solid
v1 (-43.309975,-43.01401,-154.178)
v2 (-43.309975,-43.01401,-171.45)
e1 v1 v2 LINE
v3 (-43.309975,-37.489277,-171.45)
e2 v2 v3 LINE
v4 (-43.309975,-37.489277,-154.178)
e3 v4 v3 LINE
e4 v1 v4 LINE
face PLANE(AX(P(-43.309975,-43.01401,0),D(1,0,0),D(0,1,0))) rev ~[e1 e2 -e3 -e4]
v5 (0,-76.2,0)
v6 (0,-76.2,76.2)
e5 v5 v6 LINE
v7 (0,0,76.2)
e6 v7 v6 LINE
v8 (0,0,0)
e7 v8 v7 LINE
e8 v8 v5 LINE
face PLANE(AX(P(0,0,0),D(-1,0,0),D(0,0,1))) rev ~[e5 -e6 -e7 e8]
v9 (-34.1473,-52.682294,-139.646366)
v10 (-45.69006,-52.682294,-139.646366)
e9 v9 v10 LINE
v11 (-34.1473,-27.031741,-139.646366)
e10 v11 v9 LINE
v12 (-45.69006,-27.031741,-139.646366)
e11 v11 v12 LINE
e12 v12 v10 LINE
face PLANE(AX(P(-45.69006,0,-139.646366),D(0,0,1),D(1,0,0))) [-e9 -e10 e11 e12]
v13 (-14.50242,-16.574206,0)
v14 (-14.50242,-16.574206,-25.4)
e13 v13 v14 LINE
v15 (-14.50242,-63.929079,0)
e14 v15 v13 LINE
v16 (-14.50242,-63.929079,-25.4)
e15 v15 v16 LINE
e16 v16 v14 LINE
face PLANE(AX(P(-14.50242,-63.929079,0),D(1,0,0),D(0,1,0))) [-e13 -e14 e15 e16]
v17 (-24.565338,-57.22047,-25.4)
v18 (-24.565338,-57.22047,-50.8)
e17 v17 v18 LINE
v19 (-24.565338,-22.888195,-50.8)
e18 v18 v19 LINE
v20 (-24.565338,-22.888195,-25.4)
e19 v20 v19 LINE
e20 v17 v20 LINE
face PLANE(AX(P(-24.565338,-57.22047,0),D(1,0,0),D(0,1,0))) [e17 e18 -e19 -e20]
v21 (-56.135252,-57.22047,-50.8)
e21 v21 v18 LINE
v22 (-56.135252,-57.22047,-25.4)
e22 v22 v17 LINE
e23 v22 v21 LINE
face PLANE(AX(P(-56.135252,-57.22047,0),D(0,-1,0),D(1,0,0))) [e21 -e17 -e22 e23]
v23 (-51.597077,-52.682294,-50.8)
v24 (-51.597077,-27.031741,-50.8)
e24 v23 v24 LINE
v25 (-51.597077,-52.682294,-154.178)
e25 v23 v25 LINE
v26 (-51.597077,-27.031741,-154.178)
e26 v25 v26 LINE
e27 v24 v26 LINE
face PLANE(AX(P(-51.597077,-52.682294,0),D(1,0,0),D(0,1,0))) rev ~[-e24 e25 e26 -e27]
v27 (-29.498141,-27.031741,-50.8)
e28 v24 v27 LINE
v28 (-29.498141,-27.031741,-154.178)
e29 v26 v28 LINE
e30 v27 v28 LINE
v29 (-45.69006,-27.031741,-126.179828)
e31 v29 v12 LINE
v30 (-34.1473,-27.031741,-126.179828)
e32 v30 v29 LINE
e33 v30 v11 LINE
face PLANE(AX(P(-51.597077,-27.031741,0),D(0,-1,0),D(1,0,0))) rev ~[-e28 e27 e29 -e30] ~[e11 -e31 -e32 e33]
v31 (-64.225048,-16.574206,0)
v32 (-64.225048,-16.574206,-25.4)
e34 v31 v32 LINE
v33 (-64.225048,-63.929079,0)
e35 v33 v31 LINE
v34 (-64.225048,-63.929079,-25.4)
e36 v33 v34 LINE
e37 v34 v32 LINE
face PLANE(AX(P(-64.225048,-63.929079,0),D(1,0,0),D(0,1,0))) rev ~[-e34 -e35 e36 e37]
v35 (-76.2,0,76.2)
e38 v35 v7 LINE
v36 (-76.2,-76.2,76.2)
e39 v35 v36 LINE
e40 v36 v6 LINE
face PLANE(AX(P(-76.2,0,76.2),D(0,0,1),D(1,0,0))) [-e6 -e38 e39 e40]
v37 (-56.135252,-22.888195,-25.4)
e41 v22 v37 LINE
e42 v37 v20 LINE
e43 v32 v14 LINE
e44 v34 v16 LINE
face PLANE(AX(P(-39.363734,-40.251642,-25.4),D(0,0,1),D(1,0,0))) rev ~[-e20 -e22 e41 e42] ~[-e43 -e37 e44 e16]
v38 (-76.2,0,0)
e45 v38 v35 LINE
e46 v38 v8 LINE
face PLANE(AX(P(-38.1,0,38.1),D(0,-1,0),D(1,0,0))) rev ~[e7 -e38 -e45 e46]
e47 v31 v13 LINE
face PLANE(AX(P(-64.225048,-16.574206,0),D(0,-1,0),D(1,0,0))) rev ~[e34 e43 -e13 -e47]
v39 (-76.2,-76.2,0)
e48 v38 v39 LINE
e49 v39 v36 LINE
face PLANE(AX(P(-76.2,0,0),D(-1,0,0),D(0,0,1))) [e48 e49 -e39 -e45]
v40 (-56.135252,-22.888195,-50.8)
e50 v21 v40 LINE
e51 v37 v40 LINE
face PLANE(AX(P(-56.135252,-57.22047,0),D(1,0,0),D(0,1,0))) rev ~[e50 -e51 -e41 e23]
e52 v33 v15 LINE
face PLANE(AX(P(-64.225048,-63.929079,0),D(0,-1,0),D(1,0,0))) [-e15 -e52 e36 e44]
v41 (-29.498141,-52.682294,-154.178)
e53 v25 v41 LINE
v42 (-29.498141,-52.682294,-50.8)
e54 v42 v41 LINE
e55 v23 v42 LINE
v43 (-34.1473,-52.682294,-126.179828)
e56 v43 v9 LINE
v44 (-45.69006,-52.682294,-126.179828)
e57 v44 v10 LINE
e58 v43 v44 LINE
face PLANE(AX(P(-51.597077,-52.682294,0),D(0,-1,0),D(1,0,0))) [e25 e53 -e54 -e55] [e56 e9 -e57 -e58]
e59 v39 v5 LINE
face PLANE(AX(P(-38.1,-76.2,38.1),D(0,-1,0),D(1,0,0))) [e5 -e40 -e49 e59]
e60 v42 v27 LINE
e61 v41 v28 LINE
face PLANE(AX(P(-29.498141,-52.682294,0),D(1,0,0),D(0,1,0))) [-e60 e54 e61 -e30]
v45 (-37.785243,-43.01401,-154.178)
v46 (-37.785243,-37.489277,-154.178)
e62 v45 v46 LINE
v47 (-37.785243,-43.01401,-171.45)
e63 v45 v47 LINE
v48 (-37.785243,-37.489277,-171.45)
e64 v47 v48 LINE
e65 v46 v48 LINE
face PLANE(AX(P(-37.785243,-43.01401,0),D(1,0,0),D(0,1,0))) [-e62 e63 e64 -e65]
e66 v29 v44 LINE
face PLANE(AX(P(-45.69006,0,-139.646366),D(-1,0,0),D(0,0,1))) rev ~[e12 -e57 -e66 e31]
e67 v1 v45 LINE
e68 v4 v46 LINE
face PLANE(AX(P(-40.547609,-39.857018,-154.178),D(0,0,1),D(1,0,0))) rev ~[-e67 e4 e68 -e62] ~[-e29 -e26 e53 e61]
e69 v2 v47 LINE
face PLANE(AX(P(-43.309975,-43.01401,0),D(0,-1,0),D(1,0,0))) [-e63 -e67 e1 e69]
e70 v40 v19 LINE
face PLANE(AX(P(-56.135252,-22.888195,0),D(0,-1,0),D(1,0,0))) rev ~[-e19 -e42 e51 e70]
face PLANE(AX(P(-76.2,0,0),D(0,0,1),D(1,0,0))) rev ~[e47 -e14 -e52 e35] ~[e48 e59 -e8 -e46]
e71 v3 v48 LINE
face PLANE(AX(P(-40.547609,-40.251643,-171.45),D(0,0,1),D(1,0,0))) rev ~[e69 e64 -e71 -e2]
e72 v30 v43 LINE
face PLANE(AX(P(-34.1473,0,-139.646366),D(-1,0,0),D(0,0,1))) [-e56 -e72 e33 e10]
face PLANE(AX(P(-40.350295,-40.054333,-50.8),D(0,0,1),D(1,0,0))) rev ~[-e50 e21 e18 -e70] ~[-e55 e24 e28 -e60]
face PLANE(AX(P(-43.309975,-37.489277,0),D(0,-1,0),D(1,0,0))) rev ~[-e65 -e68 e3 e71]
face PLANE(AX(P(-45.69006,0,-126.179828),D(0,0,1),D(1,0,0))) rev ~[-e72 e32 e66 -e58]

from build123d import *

# Parameters (mm, degrees)
F0_W      = 76.2
F0_H      = 76.2
F1_DEPTH  = 76.2
F2_W      = 49.722627
F2_H      = 47.354873
F3_DEPTH  = 25.4
F4_W      = 31.569913
F4_H      = 34.332275
F5_DEPTH  = 50.8
F6_W      = 22.098936
F6_H      = 25.650553
F7_DEPTH  = 154.178
F8_W      = 5.524732
F8_H      = 5.524733
F9_DEPTH  = 171.45
F10_W     = 11.54276
F10_H     = 13.466537
F11_DEPTH = 96.774


with BuildPart() as f1:
    # F0 (on Front) → F1 (new body)
    with BuildSketch(Plane.XZ):
        with Locations((-38.1, 38.1)):
            Rectangle(F0_W, F0_H)
    extrude(amount=F1_DEPTH)

    # F2 (on Top) → F3 (join)
    with BuildSketch(Plane.XY):
        with Locations((-39.363734, -40.251642)):
            Rectangle(F2_W, F2_H)
    extrude(amount=-F3_DEPTH)

    # F4 (on Top) → F5 (join)
    with BuildSketch(Plane.XY):
        with Locations((-40.350295, -40.054333)):
            Rectangle(F4_W, F4_H)
    extrude(amount=-F5_DEPTH)

    # F6 (on Top) → F7 (join)
    with BuildSketch(Plane.XY):
        with Locations((-40.547609, -39.857018)):
            Rectangle(F6_W, F6_H)
    extrude(amount=-F7_DEPTH)

    # F8 (on Top) → F9 (join)
    with BuildSketch(Plane.XY):
        with Locations((-40.547609, -40.251643)):
            Rectangle(F8_W, F8_H)
    extrude(amount=-F9_DEPTH)

    # F10 (on Front) → F11 (cut)
    with BuildSketch(Plane.XZ):
        with Locations((-39.91868, -132.913097)):
            Rectangle(F10_W, F10_H)
    extrude(amount=F11_DEPTH, mode=Mode.SUBTRACT)


solid = f1.part
